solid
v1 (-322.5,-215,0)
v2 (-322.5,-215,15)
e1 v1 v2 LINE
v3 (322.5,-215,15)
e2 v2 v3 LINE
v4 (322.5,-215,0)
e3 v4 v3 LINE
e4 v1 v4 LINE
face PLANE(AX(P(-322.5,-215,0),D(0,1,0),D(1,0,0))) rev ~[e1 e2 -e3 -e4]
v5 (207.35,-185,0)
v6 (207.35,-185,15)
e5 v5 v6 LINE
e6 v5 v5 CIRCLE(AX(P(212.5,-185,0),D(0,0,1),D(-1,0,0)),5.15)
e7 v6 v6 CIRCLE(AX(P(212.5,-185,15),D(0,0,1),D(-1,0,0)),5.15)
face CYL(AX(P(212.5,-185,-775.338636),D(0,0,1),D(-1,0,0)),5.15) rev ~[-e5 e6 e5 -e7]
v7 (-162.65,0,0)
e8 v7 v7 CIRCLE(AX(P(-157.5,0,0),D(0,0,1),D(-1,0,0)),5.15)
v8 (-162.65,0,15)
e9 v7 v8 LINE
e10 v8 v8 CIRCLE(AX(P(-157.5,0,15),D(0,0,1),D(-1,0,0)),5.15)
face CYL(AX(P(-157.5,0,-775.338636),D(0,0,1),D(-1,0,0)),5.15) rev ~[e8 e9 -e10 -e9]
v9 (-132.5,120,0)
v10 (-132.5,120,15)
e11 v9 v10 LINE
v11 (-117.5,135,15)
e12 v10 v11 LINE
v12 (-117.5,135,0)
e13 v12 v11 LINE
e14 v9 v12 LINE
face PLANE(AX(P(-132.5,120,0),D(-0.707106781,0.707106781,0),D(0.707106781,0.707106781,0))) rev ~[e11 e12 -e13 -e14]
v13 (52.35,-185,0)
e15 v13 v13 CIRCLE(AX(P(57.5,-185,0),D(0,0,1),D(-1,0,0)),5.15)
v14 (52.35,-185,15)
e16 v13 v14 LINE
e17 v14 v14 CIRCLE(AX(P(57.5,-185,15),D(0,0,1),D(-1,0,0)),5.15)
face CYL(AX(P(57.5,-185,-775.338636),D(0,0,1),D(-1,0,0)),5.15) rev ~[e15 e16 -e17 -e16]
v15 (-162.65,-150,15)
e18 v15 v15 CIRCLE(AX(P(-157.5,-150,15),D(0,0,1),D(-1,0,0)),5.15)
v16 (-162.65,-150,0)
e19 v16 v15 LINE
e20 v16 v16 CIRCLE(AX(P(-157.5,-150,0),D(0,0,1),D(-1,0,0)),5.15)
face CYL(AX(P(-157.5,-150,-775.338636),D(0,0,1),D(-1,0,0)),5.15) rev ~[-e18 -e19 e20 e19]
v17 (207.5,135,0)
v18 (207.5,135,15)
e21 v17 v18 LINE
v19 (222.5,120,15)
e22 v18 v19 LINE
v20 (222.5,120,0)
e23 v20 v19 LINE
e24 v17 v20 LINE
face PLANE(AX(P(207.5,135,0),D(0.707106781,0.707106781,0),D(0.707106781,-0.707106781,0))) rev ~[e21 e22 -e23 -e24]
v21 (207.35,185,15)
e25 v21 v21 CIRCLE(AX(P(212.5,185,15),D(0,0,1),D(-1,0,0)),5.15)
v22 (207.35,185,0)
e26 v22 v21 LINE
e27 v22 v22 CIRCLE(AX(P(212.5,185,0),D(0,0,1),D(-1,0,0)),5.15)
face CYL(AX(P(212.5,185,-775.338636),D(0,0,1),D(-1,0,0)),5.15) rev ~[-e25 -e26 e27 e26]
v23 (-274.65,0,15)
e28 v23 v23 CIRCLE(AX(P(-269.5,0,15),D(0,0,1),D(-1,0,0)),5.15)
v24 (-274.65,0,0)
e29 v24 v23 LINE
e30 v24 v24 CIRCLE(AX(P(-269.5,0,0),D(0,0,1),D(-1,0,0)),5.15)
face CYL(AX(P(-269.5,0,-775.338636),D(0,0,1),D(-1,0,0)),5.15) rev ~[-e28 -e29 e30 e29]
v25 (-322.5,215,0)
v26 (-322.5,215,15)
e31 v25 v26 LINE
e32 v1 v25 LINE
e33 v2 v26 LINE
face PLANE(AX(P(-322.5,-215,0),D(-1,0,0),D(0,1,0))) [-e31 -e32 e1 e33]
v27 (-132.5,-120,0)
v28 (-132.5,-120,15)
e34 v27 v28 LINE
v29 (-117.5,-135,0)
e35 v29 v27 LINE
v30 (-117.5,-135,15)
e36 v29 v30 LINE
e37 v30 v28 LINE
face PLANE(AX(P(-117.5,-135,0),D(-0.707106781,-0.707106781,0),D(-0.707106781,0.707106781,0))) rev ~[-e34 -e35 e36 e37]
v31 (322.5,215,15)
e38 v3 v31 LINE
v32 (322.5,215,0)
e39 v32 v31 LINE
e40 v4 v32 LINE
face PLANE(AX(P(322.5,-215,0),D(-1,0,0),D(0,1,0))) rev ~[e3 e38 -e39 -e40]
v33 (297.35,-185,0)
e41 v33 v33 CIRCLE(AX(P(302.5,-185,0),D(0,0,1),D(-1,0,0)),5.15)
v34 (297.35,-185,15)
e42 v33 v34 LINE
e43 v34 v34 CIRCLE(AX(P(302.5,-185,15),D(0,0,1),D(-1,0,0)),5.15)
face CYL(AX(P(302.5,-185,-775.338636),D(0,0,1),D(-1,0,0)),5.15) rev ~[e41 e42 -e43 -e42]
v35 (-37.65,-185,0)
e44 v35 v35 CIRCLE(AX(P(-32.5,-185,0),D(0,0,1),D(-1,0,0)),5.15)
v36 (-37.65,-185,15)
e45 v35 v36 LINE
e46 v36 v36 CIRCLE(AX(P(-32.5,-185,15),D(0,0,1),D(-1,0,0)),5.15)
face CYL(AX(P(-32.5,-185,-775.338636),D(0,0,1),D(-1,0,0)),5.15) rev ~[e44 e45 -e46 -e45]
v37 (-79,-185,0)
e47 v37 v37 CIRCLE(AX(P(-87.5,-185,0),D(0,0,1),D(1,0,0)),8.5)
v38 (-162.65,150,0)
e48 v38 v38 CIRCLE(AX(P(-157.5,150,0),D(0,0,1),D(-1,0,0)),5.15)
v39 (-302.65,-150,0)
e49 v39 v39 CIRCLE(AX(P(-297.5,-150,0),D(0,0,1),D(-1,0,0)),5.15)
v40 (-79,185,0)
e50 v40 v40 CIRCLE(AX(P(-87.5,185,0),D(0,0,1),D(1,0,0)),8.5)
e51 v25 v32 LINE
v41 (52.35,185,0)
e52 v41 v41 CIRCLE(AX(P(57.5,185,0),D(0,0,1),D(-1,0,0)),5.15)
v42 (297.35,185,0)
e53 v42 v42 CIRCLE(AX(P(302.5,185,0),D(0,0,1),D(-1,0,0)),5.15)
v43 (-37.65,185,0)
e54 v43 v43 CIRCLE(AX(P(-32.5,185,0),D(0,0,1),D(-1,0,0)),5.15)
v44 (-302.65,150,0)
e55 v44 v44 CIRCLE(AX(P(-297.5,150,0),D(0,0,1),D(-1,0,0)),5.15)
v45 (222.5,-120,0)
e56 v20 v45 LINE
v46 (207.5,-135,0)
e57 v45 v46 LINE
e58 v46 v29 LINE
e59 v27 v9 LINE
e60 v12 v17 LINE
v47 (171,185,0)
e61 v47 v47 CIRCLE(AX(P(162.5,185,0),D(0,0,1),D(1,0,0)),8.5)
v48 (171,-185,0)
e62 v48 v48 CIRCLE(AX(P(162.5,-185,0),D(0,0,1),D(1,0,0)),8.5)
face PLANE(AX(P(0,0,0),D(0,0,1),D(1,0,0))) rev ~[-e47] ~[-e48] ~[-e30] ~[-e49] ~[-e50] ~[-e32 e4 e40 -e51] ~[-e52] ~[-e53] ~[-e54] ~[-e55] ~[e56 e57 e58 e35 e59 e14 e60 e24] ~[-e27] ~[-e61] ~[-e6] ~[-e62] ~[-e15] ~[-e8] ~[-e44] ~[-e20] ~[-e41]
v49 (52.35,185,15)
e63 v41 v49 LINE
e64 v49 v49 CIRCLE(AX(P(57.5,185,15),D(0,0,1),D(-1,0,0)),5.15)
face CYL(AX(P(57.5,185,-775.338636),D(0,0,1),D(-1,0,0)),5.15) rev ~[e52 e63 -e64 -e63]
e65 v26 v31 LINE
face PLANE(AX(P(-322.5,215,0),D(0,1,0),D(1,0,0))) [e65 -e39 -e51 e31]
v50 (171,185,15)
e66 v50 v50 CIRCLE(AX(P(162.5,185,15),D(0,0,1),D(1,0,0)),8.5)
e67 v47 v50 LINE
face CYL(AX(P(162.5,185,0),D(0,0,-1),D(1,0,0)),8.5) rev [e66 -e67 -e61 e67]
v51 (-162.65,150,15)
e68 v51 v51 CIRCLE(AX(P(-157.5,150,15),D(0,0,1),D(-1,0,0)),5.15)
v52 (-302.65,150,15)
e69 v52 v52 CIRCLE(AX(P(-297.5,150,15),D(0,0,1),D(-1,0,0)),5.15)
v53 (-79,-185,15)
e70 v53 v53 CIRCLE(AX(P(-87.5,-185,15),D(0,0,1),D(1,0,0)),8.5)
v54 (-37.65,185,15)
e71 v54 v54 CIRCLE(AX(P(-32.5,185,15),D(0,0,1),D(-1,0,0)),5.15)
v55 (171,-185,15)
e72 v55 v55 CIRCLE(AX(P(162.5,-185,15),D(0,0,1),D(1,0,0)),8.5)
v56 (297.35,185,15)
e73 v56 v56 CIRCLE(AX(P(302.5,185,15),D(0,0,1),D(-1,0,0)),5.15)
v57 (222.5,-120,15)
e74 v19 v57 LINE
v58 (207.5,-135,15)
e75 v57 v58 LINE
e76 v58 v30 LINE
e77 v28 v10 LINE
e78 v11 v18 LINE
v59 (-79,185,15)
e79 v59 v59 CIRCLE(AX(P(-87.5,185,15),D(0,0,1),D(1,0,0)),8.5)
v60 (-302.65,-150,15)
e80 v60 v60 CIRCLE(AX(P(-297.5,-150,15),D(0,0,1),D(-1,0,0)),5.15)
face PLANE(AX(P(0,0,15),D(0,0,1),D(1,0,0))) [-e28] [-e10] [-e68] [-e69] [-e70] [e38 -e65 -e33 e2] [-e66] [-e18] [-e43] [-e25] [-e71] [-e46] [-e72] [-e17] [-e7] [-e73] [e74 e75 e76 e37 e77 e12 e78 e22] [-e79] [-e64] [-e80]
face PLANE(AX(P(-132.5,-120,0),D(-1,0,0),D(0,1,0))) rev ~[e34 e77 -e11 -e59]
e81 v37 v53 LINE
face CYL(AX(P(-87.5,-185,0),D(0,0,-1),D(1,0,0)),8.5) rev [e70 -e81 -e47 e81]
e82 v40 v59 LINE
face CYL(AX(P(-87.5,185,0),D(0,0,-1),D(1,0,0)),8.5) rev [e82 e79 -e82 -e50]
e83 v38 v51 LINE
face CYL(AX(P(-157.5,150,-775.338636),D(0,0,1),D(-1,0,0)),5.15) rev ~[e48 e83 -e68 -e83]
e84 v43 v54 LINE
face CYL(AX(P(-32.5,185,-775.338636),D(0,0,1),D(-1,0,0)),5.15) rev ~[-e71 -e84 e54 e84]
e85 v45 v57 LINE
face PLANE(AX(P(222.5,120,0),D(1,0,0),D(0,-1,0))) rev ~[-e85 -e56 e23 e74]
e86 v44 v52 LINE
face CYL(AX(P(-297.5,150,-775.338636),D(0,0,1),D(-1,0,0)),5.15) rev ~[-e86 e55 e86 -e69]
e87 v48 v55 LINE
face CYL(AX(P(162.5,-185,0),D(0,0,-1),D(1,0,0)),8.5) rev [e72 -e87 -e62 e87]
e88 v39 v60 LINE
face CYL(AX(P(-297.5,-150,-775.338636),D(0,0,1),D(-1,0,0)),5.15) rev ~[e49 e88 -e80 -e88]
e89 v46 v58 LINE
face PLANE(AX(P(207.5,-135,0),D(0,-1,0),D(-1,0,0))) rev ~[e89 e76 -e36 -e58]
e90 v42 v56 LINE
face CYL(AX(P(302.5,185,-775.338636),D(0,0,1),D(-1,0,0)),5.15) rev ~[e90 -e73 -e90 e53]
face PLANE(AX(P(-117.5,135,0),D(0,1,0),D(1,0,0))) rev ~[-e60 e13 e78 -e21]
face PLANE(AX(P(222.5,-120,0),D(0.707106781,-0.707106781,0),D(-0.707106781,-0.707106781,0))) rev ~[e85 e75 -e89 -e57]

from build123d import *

# Parameters (mm, degrees)
F0_W     = 645
F0_H     = 430
F1_DEPTH = 15
F3_D     = 10.3
F4_R     = 8.5
F5_DEPTH = 15


with BuildPart() as f1:
    # F0 (on Top) → F1 (new body)
    with BuildSketch(Plane.XY):
        Rectangle(F0_W, F0_H)
        Polygon((-132.5, 120), (-117.5, 135), (207.5, 135), (222.5, 120), (222.5, -120), (207.5, -135), (-117.5, -135), (-132.5, -120), align=None, mode=Mode.SUBTRACT)
    extrude(amount=F1_DEPTH)

    # F3 (through all)
    with Locations(Plane(origin=(0, 0, 0), x_dir=(1, 0, 0), z_dir=(0, 0, -1))):
        with Locations((-297.5, -150), (-297.5, 150), (-157.5, -150), (-157.5, 0), (-157.5, 150), (-32.5, 185), (57.5, 185), (212.5, 185), (302.5, 185), (302.5, -185), (212.5, -185), (57.5, -185), (-32.5, -185), (-269.5, 0)):
            Hole(F3_D / 2)

    # F4 (on Top) → F5 (cut, through all)
    with BuildSketch(Plane.XY):
        with Locations((-87.5, 185)):
            Circle(F4_R)
        with Locations((162.5, 185)):
            Circle(F4_R)
        with Locations((162.5, -185)):
            Circle(F4_R)
        with Locations((-87.5, -185)):
            Circle(F4_R)
    extrude(amount=F5_DEPTH, mode=Mode.SUBTRACT)


solid = f1.part
